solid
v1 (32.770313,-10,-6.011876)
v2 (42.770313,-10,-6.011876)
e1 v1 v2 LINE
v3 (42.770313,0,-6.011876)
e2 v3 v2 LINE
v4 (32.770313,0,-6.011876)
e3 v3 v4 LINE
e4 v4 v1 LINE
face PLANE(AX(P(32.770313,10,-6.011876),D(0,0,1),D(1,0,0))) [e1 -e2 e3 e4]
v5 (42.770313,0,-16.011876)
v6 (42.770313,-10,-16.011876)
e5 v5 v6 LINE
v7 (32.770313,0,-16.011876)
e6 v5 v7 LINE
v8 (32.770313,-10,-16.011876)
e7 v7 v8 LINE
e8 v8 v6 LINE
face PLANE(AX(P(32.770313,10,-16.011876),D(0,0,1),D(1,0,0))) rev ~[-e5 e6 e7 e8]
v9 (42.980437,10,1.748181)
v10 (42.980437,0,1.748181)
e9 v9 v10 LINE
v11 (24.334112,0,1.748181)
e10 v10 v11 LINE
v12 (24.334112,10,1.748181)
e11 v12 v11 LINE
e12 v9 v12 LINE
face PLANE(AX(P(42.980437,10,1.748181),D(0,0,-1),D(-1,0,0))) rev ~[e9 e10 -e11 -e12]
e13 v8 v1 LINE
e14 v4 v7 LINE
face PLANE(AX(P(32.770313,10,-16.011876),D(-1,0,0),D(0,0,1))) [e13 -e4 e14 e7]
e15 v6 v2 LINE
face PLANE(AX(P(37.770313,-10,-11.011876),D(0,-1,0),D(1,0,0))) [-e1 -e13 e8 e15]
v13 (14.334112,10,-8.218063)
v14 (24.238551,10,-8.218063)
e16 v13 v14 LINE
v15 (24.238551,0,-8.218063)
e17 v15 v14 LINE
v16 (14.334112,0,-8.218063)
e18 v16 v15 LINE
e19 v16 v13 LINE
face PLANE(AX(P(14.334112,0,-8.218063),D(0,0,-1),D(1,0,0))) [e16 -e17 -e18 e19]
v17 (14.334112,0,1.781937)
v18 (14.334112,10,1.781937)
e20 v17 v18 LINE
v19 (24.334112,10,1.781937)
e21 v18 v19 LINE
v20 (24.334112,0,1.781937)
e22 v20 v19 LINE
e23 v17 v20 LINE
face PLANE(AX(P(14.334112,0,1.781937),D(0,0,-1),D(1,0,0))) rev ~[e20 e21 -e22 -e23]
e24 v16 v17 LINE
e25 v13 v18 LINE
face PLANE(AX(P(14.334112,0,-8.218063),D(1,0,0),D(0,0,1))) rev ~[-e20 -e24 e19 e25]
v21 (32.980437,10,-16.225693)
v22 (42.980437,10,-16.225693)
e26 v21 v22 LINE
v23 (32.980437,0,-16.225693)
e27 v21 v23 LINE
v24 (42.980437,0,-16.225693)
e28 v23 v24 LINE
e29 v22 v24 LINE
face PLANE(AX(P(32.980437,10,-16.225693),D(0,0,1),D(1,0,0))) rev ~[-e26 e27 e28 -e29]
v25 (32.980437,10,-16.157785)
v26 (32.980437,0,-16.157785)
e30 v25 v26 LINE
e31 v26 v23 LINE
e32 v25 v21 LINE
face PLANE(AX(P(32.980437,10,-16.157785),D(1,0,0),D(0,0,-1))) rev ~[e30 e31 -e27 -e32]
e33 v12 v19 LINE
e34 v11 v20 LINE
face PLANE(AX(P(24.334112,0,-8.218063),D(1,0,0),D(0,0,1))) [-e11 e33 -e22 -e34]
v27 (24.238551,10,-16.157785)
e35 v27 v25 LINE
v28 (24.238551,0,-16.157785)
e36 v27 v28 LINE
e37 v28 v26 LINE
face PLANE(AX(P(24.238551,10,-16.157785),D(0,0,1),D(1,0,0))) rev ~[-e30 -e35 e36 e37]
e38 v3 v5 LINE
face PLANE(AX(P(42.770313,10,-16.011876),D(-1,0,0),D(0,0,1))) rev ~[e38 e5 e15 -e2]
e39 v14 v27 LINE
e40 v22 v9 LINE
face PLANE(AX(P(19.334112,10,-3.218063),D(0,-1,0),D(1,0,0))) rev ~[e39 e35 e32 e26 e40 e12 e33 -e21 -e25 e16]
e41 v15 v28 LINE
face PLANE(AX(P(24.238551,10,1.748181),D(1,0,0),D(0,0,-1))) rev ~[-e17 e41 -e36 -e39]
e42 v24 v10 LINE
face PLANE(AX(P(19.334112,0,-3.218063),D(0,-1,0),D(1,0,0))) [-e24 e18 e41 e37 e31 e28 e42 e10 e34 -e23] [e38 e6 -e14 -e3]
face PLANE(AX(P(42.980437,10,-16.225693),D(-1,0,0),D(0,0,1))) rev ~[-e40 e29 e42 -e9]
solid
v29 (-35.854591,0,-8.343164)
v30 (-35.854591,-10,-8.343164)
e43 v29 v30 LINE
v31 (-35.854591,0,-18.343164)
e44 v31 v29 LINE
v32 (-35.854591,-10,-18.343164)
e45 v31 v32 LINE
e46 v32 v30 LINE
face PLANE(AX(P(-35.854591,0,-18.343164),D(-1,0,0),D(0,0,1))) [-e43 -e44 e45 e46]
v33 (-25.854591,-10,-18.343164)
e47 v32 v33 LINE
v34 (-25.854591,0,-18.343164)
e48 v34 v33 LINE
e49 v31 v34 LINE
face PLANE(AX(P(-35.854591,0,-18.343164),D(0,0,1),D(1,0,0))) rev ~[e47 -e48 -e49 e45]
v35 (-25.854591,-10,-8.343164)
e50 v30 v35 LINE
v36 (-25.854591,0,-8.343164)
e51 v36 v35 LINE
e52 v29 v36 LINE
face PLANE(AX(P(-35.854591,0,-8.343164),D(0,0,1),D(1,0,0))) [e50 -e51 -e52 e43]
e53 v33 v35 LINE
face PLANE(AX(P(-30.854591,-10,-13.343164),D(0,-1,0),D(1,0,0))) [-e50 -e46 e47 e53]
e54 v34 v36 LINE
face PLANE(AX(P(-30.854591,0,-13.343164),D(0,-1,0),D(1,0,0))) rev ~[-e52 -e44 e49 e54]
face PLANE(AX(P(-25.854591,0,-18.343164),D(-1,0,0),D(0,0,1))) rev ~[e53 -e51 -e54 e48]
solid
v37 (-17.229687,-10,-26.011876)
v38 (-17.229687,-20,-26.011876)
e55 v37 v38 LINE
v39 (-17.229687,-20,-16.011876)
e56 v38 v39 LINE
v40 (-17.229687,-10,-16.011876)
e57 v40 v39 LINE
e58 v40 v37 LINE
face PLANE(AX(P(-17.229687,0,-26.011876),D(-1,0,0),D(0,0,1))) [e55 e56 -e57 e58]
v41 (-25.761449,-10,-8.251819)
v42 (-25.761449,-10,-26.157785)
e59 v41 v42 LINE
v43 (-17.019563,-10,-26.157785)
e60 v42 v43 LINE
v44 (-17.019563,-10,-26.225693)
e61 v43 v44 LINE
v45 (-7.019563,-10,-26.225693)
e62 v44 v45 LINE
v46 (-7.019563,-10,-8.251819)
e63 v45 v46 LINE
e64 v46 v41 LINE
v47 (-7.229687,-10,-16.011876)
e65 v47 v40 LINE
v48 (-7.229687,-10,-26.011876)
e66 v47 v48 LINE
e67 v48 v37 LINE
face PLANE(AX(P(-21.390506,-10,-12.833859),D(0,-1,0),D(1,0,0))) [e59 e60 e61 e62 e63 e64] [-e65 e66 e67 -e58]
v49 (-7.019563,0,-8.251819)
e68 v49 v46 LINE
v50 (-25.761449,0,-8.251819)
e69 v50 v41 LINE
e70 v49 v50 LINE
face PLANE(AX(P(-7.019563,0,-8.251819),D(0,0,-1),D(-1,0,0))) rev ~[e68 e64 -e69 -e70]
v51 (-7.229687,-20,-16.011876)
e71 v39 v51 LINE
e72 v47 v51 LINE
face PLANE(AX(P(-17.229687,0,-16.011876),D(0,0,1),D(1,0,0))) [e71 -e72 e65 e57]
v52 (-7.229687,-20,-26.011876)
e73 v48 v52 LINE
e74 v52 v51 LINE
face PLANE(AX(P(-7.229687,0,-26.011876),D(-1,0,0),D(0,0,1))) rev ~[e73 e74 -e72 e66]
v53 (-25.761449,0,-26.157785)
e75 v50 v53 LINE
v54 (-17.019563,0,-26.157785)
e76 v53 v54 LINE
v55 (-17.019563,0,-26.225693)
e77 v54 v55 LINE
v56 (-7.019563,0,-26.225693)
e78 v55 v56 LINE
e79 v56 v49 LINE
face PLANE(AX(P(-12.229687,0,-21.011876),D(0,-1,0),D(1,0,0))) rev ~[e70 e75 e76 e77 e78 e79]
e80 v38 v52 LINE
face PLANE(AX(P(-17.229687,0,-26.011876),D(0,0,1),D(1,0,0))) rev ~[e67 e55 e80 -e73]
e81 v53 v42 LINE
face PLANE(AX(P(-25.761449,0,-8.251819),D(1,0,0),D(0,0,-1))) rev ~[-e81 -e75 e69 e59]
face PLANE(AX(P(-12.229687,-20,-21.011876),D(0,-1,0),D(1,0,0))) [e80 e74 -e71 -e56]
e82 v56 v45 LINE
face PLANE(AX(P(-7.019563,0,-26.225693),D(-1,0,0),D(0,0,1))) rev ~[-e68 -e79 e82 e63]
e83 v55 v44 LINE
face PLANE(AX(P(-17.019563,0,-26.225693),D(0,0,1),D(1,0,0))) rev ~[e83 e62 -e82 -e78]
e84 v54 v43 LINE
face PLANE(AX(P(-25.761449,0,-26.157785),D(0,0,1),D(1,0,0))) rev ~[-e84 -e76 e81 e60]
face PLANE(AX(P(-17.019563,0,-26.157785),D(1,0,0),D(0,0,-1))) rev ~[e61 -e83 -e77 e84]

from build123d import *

# Parameters (mm, degrees)
F0_W     = 8.7418866134
F0_H     = 9.1640796146
F0_H_2   = 8.7418866134
F1_DEPTH = 10
F2_W     = 10
F2_H     = 10
F3_DEPTH = 10
F4_W     = 10
F4_H     = 10
F5_DEPTH = 20
F7_W     = 10
F7_H     = 10
F8_DEPTH = 10


with BuildPart() as f1:
    # F0 (on Front) → F1 (new body)
    with BuildSketch(Plane.XZ):
        with Locations((-21.3905060912, -12.8338585444)):
            Rectangle(F0_W, F0_H)
        with Locations((-21.3905060912, -21.7868416584)):
            Rectangle(F0_W, F0_H_2)
        Polygon((-17.0195627845, -8.2518187371), (-17.0195627845, -17.4158983517), (-17.0195627845, -26.1577849651), (-17.0195627845, -26.2256928669), (-7.0195627845, -26.2256928669), (-7.0195627845, -8.2518187371), align=None)
    extrude(amount=F1_DEPTH)

    # F4 (on Front) → F5 (join)
    with BuildSketch(Plane.XZ):
        with Locations((-12.2296868358, -21.0118762836)):
            Rectangle(F4_W, F4_H)
    extrude(amount=F5_DEPTH)


with BuildPart() as f3:
    # F2 (on Front) → F3 (new body)
    with BuildSketch(Plane.XZ):
        with Locations((-30.8545911685, -13.3431641402)):
            Rectangle(F2_W, F2_H)
    extrude(amount=F3_DEPTH)


with BuildPart() as f6_1:
    # F6: copy of F1
    add(f1.part.moved(Location((50, 10, 10))))

    # F7 (on Front) → F8 (join)
    with BuildSketch(Plane.XZ):
        with Locations((19.3341116374, -3.2180631533)):
            Rectangle(F7_W, F7_H)
    extrude(amount=-F8_DEPTH)


solid = Compound([f1.part, f3.part, f6_1.part])
